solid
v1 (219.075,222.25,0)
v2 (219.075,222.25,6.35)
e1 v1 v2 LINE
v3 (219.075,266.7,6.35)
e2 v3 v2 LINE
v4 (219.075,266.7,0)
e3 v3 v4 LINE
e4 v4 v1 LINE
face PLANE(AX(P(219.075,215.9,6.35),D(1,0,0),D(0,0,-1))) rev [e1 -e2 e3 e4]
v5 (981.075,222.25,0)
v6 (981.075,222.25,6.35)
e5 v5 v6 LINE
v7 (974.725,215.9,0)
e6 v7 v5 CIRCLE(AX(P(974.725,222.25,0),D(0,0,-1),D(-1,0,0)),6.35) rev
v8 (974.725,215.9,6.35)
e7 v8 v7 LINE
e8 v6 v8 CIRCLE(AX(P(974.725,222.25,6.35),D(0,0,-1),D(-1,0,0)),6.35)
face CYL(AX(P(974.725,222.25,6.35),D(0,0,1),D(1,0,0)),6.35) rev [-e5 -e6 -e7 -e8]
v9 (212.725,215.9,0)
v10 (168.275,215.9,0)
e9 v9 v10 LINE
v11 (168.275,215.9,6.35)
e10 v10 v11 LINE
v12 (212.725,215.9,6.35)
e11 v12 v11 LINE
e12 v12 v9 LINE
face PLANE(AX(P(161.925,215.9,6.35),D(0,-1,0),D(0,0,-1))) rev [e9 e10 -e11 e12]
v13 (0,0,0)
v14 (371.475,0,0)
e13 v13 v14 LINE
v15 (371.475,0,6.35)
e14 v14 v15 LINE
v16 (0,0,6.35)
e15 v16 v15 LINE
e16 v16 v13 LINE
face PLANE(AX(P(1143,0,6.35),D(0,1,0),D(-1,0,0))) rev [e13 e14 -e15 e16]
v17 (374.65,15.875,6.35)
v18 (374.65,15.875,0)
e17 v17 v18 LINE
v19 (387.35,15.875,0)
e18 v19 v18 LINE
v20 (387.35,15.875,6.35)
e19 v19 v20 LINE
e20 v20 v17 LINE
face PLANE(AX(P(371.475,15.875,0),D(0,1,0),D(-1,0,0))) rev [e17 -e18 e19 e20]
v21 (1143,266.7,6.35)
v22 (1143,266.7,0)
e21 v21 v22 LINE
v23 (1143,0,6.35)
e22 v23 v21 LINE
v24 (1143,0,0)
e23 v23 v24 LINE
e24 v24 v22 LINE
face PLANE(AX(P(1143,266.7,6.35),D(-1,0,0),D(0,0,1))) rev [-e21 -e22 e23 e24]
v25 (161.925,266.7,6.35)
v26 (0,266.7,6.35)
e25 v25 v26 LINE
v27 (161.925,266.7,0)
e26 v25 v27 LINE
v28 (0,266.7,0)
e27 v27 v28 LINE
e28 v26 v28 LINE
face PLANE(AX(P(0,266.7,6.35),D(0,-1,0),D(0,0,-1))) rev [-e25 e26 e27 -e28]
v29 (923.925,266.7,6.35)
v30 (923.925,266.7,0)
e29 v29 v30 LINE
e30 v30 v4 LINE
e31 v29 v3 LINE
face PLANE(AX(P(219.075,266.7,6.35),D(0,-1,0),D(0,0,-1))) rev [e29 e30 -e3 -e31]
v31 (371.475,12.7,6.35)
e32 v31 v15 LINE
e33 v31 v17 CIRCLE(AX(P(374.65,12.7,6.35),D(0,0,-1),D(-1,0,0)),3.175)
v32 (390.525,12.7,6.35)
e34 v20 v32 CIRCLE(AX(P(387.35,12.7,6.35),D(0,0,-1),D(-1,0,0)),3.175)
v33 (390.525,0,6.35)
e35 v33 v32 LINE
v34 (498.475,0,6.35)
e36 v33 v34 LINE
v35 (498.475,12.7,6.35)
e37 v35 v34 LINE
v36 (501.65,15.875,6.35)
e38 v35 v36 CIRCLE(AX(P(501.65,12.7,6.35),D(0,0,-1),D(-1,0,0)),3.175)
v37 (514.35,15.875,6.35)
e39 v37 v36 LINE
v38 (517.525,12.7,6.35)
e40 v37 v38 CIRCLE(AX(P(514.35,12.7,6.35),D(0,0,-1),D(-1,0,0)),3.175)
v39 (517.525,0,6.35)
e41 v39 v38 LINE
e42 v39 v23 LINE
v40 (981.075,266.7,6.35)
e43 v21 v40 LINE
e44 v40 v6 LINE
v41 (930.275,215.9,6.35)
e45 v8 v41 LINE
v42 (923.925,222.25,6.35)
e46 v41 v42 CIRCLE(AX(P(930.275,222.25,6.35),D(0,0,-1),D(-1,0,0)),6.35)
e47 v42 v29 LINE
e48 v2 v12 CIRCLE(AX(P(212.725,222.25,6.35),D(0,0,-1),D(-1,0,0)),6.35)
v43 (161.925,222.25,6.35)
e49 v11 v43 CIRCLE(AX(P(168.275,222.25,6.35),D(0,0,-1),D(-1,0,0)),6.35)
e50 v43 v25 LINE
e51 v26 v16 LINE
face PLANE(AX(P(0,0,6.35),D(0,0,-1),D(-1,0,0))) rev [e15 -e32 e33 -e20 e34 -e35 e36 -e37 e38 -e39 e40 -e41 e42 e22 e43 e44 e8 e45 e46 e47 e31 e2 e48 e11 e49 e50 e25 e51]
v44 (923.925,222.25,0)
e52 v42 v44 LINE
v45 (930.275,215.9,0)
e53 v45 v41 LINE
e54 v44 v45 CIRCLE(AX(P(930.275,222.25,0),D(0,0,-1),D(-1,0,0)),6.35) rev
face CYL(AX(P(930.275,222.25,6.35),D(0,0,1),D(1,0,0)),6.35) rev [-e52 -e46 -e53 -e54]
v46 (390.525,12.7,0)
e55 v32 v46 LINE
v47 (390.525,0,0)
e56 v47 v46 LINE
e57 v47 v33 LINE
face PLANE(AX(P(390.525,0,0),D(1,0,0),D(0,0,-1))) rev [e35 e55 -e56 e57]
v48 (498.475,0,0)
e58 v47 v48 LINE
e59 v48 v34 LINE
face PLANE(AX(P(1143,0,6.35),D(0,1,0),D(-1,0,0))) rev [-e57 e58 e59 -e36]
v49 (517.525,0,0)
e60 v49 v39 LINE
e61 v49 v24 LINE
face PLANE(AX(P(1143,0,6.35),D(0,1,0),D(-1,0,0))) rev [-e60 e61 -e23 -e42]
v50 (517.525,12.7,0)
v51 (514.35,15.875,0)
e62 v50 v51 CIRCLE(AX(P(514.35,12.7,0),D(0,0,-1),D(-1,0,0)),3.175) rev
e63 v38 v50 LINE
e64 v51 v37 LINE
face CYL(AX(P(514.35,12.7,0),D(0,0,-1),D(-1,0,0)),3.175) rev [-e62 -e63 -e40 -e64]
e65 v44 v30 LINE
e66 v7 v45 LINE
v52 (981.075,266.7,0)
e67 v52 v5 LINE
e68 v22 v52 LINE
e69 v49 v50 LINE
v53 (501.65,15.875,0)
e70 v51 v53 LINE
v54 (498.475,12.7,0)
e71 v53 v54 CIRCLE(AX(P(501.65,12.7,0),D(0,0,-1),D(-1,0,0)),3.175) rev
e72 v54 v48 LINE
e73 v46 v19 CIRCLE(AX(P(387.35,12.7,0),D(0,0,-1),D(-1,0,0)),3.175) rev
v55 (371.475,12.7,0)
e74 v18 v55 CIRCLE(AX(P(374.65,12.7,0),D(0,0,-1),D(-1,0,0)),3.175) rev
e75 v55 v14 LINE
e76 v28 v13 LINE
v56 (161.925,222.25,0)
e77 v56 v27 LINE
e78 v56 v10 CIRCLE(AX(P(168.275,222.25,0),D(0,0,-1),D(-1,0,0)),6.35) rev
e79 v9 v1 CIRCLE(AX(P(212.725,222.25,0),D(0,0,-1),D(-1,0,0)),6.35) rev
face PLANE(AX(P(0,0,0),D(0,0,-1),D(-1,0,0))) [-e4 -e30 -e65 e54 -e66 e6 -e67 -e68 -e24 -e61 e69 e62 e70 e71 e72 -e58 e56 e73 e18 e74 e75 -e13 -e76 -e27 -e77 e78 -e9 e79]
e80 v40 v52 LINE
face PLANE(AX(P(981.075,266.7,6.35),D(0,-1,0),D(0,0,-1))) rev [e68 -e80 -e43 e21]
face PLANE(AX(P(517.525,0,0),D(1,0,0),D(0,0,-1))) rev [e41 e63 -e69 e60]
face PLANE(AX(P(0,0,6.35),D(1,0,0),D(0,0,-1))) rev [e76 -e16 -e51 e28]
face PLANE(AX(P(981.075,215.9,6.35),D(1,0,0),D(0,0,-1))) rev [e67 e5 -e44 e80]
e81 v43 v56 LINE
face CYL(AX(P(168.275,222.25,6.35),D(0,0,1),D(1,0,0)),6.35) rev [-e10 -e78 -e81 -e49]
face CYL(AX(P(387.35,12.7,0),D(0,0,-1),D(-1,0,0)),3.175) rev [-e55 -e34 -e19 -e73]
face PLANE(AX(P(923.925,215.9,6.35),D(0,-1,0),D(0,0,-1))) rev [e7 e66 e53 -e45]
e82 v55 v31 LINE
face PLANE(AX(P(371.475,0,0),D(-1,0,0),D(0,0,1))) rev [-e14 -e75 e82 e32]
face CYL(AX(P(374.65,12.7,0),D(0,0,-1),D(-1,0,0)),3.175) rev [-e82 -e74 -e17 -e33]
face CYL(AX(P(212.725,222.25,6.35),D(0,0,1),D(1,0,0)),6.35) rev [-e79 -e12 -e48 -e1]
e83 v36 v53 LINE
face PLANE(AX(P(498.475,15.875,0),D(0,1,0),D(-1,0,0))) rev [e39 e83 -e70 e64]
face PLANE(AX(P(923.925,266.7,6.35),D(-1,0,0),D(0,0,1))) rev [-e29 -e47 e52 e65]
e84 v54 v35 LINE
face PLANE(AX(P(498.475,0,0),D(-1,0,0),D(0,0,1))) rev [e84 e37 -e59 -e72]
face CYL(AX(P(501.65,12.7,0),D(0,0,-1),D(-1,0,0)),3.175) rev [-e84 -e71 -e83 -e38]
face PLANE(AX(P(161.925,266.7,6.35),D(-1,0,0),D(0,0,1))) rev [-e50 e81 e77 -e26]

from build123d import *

# Parameters (mm, degrees)
BOSS_EXTRUDE1_DEPTH = 6.35
FILLET1_R           = 6.35
SKETCH2_W           = 19.05
SKETCH2_H           = 15.875
CUT_EXTRUDE1_DEPTH  = 7.35
FILLET2_R           = 3.175


with BuildPart() as part:
    # Sketch1 → Boss-Extrude1 (new body)
    with BuildSketch(Plane.XY):
        Polygon((0, 0), (0, 266.7), (161.925, 266.7), (161.925, 215.9), (219.075, 215.9), (219.075, 266.7), (923.925, 266.7), (923.925, 215.9), (981.075, 215.9), (981.075, 266.7), (1143, 266.7), (1143, 0), align=None)
    extrude(amount=BOSS_EXTRUDE1_DEPTH)

    # Fillet1
    fillet1_edges = [part.edges().sort_by_distance(p)[0] for p in [
        (161.925, 215.9, 3.175),
        (219.075, 215.9, 3.175),
        (923.925, 215.9, 3.175),
        (981.075, 215.9, 3.175),
    ]]
    fillet(fillet1_edges, radius=FILLET1_R)

    # Sketch2 → Cut-Extrude1 (cut, through all)
    with BuildSketch(Plane.XY.offset(6.35)):
        with Locations((381, 7.9375)):
            Rectangle(SKETCH2_W, SKETCH2_H)
        with Locations((508, 7.9375)):
            Rectangle(SKETCH2_W, SKETCH2_H)
    extrude(amount=-CUT_EXTRUDE1_DEPTH, mode=Mode.SUBTRACT)

    # Fillet2
    fillet2_edges = [part.edges().sort_by_distance(p)[0] for p in [
        (371.475, 15.875, 3.175),
        (390.525, 15.875, 3.175),
        (498.475, 15.875, 3.175),
        (517.525, 15.875, 3.175),
    ]]
    fillet(fillet2_edges, radius=FILLET2_R)


solid = part.part
